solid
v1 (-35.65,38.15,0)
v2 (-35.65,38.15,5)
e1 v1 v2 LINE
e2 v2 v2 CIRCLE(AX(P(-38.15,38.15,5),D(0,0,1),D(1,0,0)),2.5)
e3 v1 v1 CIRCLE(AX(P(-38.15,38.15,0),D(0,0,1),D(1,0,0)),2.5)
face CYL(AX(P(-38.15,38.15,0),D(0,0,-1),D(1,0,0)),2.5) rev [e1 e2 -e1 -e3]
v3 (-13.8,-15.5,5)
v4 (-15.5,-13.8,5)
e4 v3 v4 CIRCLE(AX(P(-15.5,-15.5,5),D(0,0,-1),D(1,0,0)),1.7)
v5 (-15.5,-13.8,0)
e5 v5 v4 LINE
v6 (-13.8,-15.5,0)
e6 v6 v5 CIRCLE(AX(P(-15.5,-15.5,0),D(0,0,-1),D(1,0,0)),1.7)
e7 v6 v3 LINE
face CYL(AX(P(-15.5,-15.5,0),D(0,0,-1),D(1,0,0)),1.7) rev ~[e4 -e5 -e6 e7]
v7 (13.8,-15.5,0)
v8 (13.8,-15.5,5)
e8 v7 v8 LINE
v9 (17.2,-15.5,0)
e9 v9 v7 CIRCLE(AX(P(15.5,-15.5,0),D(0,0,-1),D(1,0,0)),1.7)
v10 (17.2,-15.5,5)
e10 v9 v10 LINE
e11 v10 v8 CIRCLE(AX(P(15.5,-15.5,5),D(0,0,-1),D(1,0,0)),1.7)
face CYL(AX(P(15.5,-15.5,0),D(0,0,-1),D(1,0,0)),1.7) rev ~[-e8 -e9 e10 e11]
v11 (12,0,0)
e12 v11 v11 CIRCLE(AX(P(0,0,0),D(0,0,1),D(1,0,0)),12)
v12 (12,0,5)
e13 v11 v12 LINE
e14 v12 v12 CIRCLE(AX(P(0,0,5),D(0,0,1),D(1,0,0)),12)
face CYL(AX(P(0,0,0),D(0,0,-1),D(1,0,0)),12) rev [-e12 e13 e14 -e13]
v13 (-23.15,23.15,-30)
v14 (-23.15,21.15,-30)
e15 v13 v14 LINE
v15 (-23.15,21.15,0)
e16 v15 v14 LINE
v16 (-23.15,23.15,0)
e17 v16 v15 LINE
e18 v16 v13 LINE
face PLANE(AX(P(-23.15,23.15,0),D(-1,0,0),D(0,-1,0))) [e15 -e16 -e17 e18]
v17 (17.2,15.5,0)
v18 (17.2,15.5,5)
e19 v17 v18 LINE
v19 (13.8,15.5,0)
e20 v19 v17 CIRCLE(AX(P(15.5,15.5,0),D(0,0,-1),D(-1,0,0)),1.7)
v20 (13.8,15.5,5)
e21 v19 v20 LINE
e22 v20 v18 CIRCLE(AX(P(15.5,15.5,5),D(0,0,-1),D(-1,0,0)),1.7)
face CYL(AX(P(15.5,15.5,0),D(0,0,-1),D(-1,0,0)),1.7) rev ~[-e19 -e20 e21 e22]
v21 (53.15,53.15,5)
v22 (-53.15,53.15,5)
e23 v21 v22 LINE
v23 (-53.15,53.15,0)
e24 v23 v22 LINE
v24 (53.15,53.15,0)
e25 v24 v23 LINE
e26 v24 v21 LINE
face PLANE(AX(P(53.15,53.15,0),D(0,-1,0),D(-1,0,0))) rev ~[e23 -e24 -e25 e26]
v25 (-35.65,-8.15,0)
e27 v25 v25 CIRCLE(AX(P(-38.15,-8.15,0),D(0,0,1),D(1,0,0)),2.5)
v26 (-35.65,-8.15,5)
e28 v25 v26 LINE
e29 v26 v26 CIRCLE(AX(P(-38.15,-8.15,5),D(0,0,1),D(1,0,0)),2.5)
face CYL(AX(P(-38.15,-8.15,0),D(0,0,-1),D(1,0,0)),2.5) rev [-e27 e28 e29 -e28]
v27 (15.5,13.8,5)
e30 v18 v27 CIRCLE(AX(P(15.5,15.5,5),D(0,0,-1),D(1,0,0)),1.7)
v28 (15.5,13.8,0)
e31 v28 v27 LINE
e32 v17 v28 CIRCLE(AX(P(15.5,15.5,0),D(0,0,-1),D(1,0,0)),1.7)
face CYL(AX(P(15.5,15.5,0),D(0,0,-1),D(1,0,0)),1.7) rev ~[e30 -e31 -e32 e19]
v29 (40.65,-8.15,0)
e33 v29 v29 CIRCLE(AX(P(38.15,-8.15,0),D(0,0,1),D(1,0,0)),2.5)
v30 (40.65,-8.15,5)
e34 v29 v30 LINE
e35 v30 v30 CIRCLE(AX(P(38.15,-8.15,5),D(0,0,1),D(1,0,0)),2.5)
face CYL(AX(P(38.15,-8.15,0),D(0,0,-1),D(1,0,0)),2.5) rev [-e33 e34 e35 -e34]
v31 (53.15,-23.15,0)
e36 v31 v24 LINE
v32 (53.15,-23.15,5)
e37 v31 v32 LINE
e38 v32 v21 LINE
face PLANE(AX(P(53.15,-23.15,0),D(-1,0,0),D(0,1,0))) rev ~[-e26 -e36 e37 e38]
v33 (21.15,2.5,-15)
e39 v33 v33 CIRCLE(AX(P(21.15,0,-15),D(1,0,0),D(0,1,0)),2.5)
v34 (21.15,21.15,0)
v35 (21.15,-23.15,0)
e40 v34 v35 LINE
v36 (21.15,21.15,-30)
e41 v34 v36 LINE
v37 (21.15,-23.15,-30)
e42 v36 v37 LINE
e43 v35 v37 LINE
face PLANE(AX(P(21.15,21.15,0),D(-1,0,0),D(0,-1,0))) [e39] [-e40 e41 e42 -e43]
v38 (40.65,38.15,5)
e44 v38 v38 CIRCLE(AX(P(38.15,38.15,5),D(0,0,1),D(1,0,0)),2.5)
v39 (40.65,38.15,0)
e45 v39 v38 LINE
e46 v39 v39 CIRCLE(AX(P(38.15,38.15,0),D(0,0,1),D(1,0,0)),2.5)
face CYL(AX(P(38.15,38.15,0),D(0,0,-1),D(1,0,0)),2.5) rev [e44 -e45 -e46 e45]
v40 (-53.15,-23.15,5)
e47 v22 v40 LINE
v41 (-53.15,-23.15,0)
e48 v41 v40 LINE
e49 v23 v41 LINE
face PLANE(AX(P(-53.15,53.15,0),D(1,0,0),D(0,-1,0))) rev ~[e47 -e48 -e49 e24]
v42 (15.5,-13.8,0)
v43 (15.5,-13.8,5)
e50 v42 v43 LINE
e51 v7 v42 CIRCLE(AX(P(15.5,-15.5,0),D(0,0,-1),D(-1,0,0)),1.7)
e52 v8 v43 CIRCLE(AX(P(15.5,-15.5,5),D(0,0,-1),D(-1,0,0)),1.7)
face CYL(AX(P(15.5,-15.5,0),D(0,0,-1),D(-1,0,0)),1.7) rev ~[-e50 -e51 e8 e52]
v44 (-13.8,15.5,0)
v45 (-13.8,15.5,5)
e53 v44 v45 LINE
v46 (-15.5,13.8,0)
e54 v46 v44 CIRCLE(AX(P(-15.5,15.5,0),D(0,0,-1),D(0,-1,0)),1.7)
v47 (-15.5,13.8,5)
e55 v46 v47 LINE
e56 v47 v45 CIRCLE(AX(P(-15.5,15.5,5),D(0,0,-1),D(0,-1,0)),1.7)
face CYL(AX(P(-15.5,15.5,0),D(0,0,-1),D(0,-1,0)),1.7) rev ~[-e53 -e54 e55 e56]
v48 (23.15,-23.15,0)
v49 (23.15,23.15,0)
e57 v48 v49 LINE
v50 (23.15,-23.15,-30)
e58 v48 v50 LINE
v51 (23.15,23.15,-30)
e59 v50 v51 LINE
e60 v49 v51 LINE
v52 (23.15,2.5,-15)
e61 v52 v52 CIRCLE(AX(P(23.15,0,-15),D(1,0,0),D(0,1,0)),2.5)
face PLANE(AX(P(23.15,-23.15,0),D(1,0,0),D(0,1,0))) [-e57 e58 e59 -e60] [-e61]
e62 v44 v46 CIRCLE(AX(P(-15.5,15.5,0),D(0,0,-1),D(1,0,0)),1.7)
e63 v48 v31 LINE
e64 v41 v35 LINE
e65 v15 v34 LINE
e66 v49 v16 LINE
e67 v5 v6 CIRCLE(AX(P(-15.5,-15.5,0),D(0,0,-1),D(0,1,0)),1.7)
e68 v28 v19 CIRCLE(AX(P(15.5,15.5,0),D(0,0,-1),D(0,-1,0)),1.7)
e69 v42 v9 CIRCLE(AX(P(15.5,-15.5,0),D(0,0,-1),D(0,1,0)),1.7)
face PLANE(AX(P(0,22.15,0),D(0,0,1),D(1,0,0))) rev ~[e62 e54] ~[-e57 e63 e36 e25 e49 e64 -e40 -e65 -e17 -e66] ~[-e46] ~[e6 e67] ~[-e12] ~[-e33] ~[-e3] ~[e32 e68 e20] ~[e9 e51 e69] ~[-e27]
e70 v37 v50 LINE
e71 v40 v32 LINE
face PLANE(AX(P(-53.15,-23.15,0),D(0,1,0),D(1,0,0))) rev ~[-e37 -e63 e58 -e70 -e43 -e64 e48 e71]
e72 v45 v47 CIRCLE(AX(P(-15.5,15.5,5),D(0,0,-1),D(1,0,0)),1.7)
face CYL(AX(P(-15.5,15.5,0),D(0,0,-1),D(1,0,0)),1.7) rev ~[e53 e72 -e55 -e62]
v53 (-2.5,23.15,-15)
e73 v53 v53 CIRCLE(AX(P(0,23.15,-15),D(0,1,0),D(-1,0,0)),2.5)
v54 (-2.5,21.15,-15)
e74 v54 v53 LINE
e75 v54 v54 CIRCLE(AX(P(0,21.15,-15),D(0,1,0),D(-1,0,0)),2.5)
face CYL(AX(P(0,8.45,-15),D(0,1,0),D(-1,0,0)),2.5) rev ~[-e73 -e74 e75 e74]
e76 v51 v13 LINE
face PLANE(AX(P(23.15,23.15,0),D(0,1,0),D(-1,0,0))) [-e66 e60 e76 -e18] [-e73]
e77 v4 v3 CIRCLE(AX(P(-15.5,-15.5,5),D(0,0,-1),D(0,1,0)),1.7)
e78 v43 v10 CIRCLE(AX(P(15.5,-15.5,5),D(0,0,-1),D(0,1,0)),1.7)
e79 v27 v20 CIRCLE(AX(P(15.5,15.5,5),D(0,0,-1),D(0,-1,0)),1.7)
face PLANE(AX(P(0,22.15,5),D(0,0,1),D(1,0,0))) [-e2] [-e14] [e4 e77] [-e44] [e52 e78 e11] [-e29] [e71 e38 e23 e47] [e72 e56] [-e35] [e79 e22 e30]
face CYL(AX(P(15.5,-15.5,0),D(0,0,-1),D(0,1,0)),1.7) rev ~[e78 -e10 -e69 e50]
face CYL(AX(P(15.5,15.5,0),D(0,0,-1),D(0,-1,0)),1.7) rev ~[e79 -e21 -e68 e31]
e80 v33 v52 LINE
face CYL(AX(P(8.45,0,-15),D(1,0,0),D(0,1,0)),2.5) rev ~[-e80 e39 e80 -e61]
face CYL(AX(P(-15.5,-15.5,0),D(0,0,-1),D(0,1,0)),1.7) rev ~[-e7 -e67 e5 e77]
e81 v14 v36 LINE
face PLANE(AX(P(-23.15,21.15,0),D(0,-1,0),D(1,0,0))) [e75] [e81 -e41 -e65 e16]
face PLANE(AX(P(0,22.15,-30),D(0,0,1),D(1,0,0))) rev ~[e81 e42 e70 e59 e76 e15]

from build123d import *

# Parameters (mm, degrees)
F0_W           = 42.3
F0_H           = 42.3
F0_R           = 12
F0_R_2         = 2.5
F0_H_2         = 2
F1_DEPTH       = 5
F2_DEPTH       = 30
F5_D           = 5
F5_DEPTH       = 12.7
F5_TIP         = 1.5021515476
F5_ON_F4_D     = 5
F5_ON_F4_DEPTH = 12.7
F5_ON_F4_TIP   = 1.5021515476


with BuildPart() as f1:
    # F0 (on Top) → F1 (new body)
    with BuildSketch(Plane.XY):
        Polygon((-21.15, 21.15), (21.15, 21.15), (23.15, 21.15), (23.15, 23.15), (-23.15, 23.15), (-23.15, 21.15), align=None)
        Rectangle(F0_W, F0_H)
        with BuildLine():
            ThreePointArc((-15.5, 13.8), (-16.702081528, 16.702081528), (-13.8, 15.5))
            Line((-13.8, 15.5), (13.8, 15.5))
            ThreePointArc((13.8, 15.5), (15.5, 17.2), (17.2, 15.5))
            ThreePointArc((17.2, 15.5), (16.702081528, 14.297918472), (15.5, 13.8))
            Line((15.5, 13.8), (15.5, -13.8))
            ThreePointArc((15.5, -13.8), (16.702081528, -14.297918472), (17.2, -15.5))
            ThreePointArc((17.2, -15.5), (15.5, -17.2), (13.8, -15.5))
            Line((13.8, -15.5), (-13.8, -15.5))
            ThreePointArc((-13.8, -15.5), (-16.702081528, -16.702081528), (-15.5, -13.8))
            Line((-15.5, -13.8), (-15.5, 13.8))
        make_face(mode=Mode.SUBTRACT)
        with BuildLine():
            Line((13.8, 15.5), (-13.8, 15.5))
            ThreePointArc((-13.8, 15.5), (-14.297918472, 14.297918472), (-15.5, 13.8))
            Line((-15.5, 13.8), (-15.5, -13.8))
            ThreePointArc((-15.5, -13.8), (-14.297918472, -14.297918472), (-13.8, -15.5))
            Line((-13.8, -15.5), (13.8, -15.5))
            ThreePointArc((13.8, -15.5), (14.297918472, -14.297918472), (15.5, -13.8))
            Line((15.5, -13.8), (15.5, 13.8))
            ThreePointArc((15.5, 13.8), (14.297918472, 14.297918472), (13.8, 15.5))
        make_face()
        Circle(F0_R, mode=Mode.SUBTRACT)
        Polygon((23.15, 23.15), (23.15, 21.15), (23.15, -23.15), (53.15, -23.15), (53.15, 53.15), (-53.15, 53.15), (-53.15, -23.15), (-23.15, -23.15), (-23.15, 21.15), (-23.15, 23.15), align=None)
        with Locations((-38.15, -8.15)):
            Circle(F0_R_2, mode=Mode.SUBTRACT)
        with Locations((38.15, -8.15)):
            Circle(F0_R_2, mode=Mode.SUBTRACT)
        with Locations((-38.15, 38.15)):
            Circle(F0_R_2, mode=Mode.SUBTRACT)
        with Locations((38.15, 38.15)):
            Circle(F0_R_2, mode=Mode.SUBTRACT)
        Polygon((-21.15, -21.15), (-21.15, 21.15), (-23.15, 21.15), (-23.15, -23.15), (-21.15, -23.15), align=None)
        Polygon((23.15, 21.15), (21.15, 21.15), (21.15, -21.15), (21.15, -23.15), (23.15, -23.15), align=None)
        with Locations((0, -22.15)):
            Rectangle(F0_W, F0_H_2)
    extrude(amount=F1_DEPTH)

    # F0 (on Top) → F2 (join)
    with BuildSketch(Plane.XY):
        Polygon((-21.15, 21.15), (21.15, 21.15), (23.15, 21.15), (23.15, 23.15), (-23.15, 23.15), (-23.15, 21.15), align=None)
        Polygon((23.15, 21.15), (21.15, 21.15), (21.15, -21.15), (21.15, -23.15), (23.15, -23.15), align=None)
    extrude(amount=-F2_DEPTH)

    # F5
    with Locations(Plane.XZ.offset(-21.15)):
        with Locations((0, -15)):
            Hole(F5_D / 2, depth=F5_DEPTH)
            with Locations((0, 0, -(F5_DEPTH + F5_TIP / 2))):  # 118° drill point
                Cone(0, F5_D / 2, F5_TIP, mode=Mode.SUBTRACT)

    # F5 on F4
    with Locations(Plane(origin=(21.15, 0, 0), x_dir=(0, -1, 0), z_dir=(-1, 0, 0))):
        with Locations((0, -15)):
            Hole(F5_ON_F4_D / 2, depth=F5_ON_F4_DEPTH)
            with Locations((0, 0, -(F5_ON_F4_DEPTH + F5_ON_F4_TIP / 2))):  # 118° drill point
                Cone(0, F5_ON_F4_D / 2, F5_ON_F4_TIP, mode=Mode.SUBTRACT)


solid = f1.part
